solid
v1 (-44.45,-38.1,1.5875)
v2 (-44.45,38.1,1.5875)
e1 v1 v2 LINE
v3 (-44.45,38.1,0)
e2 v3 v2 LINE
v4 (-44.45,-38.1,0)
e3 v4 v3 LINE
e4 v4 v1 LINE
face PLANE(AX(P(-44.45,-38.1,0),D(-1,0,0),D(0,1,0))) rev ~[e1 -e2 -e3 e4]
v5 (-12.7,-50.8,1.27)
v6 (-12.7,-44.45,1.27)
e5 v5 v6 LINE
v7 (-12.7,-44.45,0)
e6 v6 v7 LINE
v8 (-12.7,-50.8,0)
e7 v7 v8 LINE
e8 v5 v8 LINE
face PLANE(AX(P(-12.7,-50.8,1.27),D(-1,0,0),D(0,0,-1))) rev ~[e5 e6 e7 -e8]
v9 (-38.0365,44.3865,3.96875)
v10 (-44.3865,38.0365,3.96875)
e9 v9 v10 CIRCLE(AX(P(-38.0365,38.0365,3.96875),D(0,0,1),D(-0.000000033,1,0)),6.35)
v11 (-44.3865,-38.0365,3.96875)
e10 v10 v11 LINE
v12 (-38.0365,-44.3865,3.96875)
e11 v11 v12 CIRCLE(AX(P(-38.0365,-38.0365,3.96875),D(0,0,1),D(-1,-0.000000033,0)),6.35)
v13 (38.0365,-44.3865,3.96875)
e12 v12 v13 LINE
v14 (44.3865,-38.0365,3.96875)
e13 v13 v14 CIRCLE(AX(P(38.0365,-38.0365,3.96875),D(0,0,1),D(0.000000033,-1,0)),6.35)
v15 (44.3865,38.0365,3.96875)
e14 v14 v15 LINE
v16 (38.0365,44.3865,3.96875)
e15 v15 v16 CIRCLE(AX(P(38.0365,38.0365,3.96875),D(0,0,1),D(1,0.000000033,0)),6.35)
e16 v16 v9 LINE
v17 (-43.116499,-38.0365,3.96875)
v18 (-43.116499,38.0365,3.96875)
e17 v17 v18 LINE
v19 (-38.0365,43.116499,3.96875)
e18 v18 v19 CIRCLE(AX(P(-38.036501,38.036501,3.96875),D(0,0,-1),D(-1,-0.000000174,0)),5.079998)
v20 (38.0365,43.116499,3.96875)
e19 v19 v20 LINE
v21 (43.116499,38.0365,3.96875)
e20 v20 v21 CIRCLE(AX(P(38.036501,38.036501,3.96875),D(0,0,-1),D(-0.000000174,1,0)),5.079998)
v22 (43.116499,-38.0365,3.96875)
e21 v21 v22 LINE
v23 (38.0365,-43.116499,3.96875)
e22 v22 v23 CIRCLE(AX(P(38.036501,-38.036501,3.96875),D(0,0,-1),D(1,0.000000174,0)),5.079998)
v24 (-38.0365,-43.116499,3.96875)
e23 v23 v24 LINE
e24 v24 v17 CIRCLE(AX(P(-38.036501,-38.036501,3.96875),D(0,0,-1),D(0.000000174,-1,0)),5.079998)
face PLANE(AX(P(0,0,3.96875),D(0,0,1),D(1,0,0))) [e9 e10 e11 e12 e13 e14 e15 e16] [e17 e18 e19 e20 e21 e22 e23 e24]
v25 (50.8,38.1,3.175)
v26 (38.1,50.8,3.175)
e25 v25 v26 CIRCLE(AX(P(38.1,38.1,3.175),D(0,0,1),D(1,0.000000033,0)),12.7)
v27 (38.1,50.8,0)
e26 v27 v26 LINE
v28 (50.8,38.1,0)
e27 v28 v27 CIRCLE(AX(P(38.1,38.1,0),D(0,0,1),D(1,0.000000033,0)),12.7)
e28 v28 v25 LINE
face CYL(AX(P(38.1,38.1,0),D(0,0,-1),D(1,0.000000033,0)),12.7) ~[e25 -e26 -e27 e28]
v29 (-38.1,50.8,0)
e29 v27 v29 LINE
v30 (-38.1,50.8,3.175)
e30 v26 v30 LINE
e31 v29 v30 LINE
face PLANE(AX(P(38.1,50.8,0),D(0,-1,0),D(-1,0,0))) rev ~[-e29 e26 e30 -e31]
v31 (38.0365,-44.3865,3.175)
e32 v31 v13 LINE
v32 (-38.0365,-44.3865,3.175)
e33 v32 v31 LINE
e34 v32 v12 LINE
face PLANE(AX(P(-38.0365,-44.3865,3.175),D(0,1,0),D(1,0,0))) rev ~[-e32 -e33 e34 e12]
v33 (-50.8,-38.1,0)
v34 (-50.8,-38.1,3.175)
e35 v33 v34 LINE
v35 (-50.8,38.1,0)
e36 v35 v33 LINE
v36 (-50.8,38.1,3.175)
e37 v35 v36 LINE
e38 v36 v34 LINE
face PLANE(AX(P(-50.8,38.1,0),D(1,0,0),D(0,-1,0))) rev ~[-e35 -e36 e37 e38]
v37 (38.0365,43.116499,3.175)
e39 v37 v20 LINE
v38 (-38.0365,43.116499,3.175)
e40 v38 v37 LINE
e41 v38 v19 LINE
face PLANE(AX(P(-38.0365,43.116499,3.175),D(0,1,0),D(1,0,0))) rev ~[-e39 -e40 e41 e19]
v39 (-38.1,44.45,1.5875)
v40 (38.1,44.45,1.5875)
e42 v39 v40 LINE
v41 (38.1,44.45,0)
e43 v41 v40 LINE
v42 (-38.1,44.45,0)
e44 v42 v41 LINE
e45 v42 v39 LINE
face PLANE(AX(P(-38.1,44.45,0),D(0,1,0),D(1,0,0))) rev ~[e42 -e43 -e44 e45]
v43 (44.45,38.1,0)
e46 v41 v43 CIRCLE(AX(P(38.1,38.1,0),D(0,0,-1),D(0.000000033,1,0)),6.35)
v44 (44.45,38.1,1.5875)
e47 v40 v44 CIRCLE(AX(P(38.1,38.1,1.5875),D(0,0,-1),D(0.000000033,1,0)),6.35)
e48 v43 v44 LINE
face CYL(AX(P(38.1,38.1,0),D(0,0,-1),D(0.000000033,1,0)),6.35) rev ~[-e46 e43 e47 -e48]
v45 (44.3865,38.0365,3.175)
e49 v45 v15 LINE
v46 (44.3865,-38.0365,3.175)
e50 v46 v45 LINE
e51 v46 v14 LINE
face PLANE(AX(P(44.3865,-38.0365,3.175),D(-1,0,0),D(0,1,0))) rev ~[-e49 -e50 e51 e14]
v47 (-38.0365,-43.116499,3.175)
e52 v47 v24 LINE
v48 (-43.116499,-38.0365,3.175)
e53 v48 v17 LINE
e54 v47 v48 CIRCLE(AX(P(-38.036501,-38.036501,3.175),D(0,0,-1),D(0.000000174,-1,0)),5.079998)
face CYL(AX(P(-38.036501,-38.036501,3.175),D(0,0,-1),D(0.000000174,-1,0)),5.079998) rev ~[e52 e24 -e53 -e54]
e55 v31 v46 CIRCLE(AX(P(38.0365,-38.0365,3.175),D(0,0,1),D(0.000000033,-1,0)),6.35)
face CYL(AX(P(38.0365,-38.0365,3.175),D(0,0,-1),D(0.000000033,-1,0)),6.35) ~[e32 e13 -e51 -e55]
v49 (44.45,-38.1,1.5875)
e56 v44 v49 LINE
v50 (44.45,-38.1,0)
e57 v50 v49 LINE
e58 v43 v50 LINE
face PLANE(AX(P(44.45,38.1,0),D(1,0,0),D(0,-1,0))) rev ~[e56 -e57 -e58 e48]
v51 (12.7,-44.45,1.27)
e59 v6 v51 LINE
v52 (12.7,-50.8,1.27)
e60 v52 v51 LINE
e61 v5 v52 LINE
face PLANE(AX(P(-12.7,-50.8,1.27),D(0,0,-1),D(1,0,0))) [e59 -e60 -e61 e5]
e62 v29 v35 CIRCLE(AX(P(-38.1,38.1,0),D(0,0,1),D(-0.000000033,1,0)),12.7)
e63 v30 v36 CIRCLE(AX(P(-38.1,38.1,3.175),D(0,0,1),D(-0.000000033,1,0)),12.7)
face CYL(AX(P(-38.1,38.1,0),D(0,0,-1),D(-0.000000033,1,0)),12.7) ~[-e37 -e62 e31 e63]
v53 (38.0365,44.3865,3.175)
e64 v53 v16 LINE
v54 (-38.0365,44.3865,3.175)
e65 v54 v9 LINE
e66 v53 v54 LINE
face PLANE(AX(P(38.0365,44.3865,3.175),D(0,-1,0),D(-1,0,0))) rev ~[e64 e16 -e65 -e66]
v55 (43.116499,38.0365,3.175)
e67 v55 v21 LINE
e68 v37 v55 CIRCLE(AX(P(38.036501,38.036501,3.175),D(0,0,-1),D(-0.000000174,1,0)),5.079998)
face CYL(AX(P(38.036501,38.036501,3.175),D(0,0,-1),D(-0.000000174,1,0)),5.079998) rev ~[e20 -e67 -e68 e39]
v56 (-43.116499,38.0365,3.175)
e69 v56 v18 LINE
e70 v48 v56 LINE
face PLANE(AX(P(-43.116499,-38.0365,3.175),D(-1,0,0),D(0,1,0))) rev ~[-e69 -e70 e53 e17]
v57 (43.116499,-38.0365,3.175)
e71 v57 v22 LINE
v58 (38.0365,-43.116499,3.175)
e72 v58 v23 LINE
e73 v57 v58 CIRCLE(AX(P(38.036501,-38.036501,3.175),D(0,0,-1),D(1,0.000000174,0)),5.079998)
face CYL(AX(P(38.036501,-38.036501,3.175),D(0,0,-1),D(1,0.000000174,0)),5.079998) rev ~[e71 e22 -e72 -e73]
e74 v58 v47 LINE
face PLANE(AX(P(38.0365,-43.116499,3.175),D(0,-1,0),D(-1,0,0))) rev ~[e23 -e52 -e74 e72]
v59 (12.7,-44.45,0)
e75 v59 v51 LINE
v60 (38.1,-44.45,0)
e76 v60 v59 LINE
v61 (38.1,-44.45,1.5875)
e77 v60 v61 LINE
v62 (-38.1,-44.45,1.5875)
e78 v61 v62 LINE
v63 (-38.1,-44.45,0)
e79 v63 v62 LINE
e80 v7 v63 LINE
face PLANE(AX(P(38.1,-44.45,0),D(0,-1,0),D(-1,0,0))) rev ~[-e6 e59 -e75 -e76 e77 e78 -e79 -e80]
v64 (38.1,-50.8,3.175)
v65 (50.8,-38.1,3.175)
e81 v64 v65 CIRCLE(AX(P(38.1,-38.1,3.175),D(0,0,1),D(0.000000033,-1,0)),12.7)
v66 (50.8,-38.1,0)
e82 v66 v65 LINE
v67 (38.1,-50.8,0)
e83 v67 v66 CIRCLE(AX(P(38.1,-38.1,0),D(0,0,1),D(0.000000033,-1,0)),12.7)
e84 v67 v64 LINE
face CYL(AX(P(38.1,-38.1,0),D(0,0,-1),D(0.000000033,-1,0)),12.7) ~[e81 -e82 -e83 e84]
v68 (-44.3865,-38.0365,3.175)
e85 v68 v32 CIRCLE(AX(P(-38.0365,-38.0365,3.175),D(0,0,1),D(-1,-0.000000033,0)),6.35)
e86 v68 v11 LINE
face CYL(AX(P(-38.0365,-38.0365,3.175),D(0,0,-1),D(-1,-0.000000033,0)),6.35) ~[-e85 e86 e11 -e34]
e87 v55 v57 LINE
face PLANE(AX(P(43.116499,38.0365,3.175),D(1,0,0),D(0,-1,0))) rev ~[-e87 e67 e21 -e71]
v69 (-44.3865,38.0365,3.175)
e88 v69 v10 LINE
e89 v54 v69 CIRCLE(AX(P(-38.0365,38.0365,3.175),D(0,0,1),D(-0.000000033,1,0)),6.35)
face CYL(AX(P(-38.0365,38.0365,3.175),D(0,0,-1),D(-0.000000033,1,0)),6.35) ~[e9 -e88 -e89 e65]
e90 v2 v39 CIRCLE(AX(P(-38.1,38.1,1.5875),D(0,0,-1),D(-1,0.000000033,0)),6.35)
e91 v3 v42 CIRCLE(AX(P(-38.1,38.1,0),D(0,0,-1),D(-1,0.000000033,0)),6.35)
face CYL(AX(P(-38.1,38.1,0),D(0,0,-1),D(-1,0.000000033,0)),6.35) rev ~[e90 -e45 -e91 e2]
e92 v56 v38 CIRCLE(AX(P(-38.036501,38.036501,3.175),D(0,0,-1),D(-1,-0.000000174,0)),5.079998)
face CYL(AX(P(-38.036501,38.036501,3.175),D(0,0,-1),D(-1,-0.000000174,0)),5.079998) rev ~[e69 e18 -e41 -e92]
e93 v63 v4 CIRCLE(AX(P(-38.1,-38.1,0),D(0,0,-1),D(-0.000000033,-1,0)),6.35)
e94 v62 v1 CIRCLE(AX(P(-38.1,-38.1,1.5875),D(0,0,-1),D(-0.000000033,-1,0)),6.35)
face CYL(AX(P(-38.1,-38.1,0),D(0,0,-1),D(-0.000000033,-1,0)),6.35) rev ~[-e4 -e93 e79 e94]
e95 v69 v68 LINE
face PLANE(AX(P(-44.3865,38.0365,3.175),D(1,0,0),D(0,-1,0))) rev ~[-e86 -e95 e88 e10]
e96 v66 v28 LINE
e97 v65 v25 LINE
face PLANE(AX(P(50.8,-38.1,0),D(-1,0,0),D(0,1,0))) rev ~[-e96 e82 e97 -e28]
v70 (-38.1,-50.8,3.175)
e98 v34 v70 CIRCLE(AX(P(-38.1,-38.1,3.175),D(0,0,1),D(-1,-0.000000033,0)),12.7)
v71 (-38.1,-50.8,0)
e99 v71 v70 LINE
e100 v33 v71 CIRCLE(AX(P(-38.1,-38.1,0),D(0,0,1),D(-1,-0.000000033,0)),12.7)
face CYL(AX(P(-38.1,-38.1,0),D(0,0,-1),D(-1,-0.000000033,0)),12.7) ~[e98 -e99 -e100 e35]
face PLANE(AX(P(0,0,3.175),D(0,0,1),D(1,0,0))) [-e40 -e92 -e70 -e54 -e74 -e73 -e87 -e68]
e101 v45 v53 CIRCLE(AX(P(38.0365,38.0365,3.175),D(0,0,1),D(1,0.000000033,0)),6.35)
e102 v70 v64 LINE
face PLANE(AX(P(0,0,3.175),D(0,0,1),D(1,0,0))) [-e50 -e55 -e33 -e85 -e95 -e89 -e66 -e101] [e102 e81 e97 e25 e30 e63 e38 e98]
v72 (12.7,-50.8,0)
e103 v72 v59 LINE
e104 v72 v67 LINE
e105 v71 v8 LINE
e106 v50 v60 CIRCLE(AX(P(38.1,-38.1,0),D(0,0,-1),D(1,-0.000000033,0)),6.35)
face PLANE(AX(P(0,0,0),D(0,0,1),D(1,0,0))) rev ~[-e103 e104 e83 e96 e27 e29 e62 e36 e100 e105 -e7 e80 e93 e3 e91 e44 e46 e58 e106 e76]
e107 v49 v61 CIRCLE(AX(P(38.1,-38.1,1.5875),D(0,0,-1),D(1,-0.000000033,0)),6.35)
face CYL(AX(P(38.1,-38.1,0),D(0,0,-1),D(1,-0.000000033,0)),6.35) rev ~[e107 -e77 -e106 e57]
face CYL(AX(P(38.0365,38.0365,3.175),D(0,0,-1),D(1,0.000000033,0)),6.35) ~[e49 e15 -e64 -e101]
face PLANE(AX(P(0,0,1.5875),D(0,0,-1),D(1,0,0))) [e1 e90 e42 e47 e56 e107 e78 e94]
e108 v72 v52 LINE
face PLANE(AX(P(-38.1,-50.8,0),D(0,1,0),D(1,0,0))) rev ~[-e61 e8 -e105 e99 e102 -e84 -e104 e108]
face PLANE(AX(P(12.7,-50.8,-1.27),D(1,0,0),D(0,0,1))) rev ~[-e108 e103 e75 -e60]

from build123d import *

# Parameters (mm, degrees)
F1_DEPTH = 3.175
F3_DEPTH = 1.5875
F4_W     = 25.4
F4_H     = 1.27
F5_DEPTH = 25.4
F7_DEPTH = 0.79375


with BuildPart() as f1:
    # F0 (on Top) → F1 (new body)
    with BuildSketch(Plane.XY):
        with BuildLine():
            ThreePointArc((50.8, 38.1), (47.080256, 47.080256), (38.1, 50.8))
            Line((38.1, 50.8), (-38.1, 50.8))
            ThreePointArc((-38.1, 50.8), (-47.080256, 47.080256), (-50.8, 38.1))
            Line((-50.8, 38.1), (-50.8, -38.1))
            ThreePointArc((-50.8, -38.1), (-47.080256, -47.080256), (-38.1, -50.8))
            Line((-38.1, -50.8), (38.1, -50.8))
            ThreePointArc((38.1, -50.8), (47.080256, -47.080256), (50.8, -38.1))
            Line((50.8, -38.1), (50.8, 38.1))
        make_face()
    extrude(amount=F1_DEPTH)

    # F2 (on face) → F3 (cut)
    with BuildSketch(Plane(origin=(0, 0, 0), x_dir=(1, 0, 0), z_dir=(0, 0, -1))):
        with BuildLine():
            ThreePointArc((44.45, 38.1), (42.590128, 42.590128), (38.1, 44.45))
            Line((38.1, 44.45), (-38.1, 44.45))
            ThreePointArc((-38.1, 44.45), (-42.590128, 42.590128), (-44.45, 38.1))
            Line((-44.45, 38.1), (-44.45, -38.1))
            ThreePointArc((-44.45, -38.1), (-42.590128, -42.590128), (-38.1, -44.45))
            Line((-38.1, -44.45), (38.1, -44.45))
            ThreePointArc((38.1, -44.45), (42.590128, -42.590128), (44.45, -38.1))
            Line((44.45, -38.1), (44.45, 38.1))
        make_face()
    extrude(amount=-F3_DEPTH, mode=Mode.SUBTRACT)

    # F4 (on face) → F5 (cut)
    with BuildSketch(Plane.XZ.offset(50.8)):
        with Locations((0, 0.635)):
            Rectangle(F4_W, F4_H)
        with Locations((0, -0.635)):
            Rectangle(F4_W, F4_H)
    extrude(amount=-F5_DEPTH, mode=Mode.SUBTRACT)

    # F6 (on face) → F7 (join)
    with BuildSketch(Plane.XY.offset(3.175)):
        with BuildLine():
            Line((-38.0365, -44.3865), (38.0365, -44.3865))
            ThreePointArc((38.0365, -44.3865), (42.526628, -42.526628), (44.3865, -38.0365))
            Line((44.3865, -38.0365), (44.3865, 38.0365))
            ThreePointArc((44.3865, 38.0365), (42.526628, 42.526628), (38.0365, 44.3865))
            Line((38.0365, 44.3865), (-38.0365, 44.3865))
            ThreePointArc((-38.0365, 44.3865), (-42.526628, 42.526628), (-44.3865, 38.0365))
            Line((-44.3865, 38.0365), (-44.3865, -38.0365))
            ThreePointArc((-44.3865, -38.0365), (-42.526628, -42.526628), (-38.0365, -44.3865))
        make_face()
        with BuildLine():
            ThreePointArc((38.0365, 43.116499), (41.628602, 41.628602), (43.116499, 38.0365))
            Line((43.116499, 38.0365), (43.116499, -38.0365))
            ThreePointArc((43.116499, -38.0365), (41.628602, -41.628602), (38.0365, -43.116499))
            Line((38.0365, -43.116499), (-38.0365, -43.116499))
            ThreePointArc((-38.0365, -43.116499), (-41.628602, -41.628602), (-43.116499, -38.0365))
            Line((-43.116499, -38.0365), (-43.116499, 38.0365))
            ThreePointArc((-43.116499, 38.0365), (-41.628602, 41.628602), (-38.0365, 43.116499))
            Line((-38.0365, 43.116499), (38.0365, 43.116499))
        make_face(mode=Mode.SUBTRACT)
    extrude(amount=F7_DEPTH)


solid = f1.part
